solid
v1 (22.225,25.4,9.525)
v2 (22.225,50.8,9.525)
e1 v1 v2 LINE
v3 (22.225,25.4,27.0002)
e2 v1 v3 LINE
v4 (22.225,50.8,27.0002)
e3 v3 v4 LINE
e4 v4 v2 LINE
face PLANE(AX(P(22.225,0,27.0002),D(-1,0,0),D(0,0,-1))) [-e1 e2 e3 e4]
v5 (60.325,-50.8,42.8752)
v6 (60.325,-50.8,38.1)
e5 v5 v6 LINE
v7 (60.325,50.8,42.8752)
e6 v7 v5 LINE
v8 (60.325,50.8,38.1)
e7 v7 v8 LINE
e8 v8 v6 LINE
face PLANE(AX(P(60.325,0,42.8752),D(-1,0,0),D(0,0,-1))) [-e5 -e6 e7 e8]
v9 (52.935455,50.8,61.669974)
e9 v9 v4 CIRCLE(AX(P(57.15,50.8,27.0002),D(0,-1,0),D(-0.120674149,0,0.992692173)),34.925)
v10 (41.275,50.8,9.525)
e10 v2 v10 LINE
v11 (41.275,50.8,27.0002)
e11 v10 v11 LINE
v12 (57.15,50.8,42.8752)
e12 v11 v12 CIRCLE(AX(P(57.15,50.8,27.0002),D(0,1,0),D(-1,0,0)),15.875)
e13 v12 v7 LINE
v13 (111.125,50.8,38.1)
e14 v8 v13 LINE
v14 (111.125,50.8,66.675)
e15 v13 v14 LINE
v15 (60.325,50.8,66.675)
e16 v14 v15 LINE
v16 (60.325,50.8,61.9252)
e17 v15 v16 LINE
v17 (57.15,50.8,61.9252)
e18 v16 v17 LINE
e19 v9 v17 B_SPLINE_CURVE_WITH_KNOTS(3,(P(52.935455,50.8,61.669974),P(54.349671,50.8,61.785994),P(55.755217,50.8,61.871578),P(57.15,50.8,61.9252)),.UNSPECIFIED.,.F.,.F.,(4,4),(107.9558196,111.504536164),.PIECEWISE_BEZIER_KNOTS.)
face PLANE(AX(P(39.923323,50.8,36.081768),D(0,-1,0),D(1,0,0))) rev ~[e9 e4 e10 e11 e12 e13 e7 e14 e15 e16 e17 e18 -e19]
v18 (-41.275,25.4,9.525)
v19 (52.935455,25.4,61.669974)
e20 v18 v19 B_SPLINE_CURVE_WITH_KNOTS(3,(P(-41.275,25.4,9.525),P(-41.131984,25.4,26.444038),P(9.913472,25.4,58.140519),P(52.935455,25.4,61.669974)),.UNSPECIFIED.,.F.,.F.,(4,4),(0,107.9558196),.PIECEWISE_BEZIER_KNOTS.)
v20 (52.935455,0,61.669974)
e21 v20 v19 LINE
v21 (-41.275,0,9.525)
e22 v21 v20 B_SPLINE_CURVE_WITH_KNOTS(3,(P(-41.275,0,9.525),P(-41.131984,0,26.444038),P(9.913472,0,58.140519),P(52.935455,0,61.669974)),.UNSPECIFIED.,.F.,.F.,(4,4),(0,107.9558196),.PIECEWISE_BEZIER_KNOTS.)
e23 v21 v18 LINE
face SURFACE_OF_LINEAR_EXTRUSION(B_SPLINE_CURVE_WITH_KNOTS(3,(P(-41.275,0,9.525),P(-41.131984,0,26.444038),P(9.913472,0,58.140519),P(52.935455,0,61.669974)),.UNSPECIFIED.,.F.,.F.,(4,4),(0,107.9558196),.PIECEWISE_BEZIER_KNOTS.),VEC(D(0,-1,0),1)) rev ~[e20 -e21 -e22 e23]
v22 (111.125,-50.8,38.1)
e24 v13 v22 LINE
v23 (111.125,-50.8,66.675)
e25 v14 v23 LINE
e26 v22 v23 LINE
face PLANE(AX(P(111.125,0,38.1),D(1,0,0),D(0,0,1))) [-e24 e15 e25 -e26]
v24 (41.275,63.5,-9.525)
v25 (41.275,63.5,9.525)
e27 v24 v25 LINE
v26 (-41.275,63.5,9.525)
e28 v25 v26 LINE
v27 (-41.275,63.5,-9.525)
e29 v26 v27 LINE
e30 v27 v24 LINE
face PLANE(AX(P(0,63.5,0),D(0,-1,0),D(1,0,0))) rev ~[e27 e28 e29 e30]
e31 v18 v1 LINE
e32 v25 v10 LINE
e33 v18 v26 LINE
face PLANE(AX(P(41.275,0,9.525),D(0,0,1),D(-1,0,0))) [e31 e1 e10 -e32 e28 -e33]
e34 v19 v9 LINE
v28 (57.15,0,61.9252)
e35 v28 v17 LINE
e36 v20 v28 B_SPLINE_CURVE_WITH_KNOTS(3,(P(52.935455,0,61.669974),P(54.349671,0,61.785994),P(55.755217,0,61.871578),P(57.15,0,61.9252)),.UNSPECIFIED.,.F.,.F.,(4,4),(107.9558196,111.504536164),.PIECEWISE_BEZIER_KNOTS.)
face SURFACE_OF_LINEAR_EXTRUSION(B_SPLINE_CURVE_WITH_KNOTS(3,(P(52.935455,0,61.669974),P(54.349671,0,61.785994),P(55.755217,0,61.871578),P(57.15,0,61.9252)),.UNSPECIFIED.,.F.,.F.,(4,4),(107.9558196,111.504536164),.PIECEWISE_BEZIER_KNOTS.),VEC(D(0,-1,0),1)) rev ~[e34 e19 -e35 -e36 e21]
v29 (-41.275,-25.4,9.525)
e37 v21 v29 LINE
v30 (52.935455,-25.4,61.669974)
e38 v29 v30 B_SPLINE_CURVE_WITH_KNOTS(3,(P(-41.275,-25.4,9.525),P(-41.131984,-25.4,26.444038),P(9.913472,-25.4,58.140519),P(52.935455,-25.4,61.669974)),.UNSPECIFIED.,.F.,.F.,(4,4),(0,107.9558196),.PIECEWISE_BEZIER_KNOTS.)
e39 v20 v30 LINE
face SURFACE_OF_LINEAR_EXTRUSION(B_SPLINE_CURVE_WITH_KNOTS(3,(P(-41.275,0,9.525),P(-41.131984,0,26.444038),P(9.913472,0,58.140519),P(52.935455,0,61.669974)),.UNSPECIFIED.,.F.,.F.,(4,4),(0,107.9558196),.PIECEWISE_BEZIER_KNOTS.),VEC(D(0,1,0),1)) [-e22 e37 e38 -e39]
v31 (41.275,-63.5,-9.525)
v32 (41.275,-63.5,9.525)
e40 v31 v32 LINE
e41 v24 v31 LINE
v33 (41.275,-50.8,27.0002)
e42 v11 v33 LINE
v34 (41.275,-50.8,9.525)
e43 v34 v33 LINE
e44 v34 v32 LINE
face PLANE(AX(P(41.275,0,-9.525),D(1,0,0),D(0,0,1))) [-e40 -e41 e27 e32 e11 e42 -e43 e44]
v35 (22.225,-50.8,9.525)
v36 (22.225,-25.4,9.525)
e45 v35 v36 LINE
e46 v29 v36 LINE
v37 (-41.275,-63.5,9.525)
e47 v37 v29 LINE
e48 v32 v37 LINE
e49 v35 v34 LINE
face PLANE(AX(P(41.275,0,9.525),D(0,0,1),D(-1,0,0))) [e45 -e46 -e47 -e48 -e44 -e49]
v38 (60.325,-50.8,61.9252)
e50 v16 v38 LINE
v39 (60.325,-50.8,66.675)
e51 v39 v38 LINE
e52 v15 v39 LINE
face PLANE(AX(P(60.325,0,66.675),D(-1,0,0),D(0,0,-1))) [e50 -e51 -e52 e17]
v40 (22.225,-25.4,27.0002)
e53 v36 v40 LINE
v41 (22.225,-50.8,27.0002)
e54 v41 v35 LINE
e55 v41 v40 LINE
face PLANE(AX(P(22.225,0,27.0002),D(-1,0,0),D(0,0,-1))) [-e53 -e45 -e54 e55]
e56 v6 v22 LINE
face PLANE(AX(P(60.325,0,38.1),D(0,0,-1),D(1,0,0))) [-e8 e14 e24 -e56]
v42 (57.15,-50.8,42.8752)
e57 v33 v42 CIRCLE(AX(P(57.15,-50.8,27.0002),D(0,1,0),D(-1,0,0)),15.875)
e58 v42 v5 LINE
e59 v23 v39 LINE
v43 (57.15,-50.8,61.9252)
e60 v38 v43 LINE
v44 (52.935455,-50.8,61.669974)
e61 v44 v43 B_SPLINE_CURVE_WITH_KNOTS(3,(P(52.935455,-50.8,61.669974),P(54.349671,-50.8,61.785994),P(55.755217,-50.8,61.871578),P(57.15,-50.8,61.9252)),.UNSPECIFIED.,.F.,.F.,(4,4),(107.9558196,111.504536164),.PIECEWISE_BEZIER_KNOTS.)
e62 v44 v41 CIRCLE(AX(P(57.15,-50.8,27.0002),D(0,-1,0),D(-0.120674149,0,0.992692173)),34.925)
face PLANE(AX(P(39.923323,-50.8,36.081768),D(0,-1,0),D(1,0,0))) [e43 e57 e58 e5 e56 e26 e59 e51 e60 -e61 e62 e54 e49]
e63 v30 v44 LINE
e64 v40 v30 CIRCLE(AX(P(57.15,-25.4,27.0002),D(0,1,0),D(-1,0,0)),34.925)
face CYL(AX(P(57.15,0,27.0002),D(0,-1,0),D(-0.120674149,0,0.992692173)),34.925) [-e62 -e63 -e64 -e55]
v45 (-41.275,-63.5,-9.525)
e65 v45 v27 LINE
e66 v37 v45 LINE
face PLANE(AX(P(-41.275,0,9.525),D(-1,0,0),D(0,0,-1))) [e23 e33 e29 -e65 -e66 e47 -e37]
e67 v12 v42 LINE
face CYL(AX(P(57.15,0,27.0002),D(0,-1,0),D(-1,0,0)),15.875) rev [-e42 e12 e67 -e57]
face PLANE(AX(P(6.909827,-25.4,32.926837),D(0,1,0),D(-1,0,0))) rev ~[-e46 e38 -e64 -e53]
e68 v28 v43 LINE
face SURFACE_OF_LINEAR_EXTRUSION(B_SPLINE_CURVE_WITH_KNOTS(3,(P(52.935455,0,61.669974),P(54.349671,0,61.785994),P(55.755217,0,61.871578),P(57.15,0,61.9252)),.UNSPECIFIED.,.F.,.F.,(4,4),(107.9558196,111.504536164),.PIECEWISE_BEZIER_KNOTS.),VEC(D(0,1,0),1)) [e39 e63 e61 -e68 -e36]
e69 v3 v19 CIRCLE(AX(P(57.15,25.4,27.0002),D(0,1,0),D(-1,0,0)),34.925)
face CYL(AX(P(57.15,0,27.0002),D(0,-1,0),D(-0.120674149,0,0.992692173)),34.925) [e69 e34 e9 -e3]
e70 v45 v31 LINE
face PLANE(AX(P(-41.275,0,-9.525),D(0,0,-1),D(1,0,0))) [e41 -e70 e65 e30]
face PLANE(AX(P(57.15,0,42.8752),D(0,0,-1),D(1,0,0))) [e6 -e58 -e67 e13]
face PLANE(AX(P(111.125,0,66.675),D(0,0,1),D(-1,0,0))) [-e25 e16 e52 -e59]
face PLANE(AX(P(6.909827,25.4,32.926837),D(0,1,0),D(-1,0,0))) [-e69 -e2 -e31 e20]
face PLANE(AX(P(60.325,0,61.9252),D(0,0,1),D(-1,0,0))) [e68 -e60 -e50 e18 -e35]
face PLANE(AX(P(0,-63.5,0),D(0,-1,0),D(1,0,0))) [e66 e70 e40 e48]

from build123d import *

# Parameters (mm, degrees)
F1_DEPTH = 63.5
F2_DEPTH = 25.4
F0_W     = 25.3307413936
F0_H     = 19.05
F3_DEPTH = 50.8


with BuildPart() as f1:
    # F0 (on Front) → F1 (new body, symmetric)
    with BuildSketch(Plane.XZ):
        Polygon((-41.275, -9.525), (41.275, -9.525), (41.275, 9.525), (22.225, 9.525), (-41.275, 9.525), align=None)
    extrude(amount=F1_DEPTH, both=True)

    # F0 (on Front) → F2 (join, symmetric)
    with BuildSketch(Plane.XZ):
        with BuildLine():
            add(Edge.make_bspline(
                [(-41.275, 9.525), (-41.1319843278, 26.4440384857), (9.9134722481, 58.1405185942), (52.9354553425, 61.6699741315)],
                knots=[0, 0, 0, 0, 107.9558196003, 107.9558196003, 107.9558196003, 107.9558196003], degree=3))
            Line((-41.275, 9.525), (22.225, 9.525))
            Line((22.225, 9.525), (22.225, 27.0002))
            ThreePointArc((22.225, 27.0002), (31.0066586187, 50.1579487338), (52.9354553425, 61.6699741315))
        make_face()
    extrude(amount=F2_DEPTH, both=True)

    # F0 (on Front) → F3 (join, symmetric)
    with BuildSketch(Plane.XZ):
        with BuildLine():
            Line((22.225, 9.525), (41.275, 9.525))
            Line((41.275, 9.525), (41.275, 27.0002))
            ThreePointArc((41.275, 27.0002), (45.9246798487, 38.2255201513), (57.15, 42.8752))
            Line((57.15, 42.8752), (60.325, 42.8752))
            Line((60.325, 42.8752), (60.325, 61.9252))
            Line((60.325, 61.9252), (57.15, 61.9252))
            add(Edge.make_bspline(
                [(52.9354553425, 61.6699741315), (54.3496711259, 61.7859941605), (55.7552170324, 61.8715779158), (57.15, 61.9252)],
                knots=[107.9558196003, 107.9558196003, 107.9558196003, 107.9558196003, 111.5045361635, 111.5045361635, 111.5045361635, 111.5045361635], degree=3))
            ThreePointArc((52.9354553425, 61.6699741315), (31.0066586187, 50.1579487338), (22.225, 27.0002))
            Line((22.225, 27.0002), (22.225, 9.525))
        make_face()
        with Locations((72.9903706968, 52.4002)):
            Rectangle(F0_W, F0_H)
        Polygon((85.6557413936, 42.8752), (60.325, 42.8752), (60.325, 38.1), (111.125, 38.1), (111.125, 66.675), (60.325, 66.675), (60.325, 61.9252), (85.6557413936, 61.9252), align=None)
    extrude(amount=F3_DEPTH, both=True)


solid = f1.part
